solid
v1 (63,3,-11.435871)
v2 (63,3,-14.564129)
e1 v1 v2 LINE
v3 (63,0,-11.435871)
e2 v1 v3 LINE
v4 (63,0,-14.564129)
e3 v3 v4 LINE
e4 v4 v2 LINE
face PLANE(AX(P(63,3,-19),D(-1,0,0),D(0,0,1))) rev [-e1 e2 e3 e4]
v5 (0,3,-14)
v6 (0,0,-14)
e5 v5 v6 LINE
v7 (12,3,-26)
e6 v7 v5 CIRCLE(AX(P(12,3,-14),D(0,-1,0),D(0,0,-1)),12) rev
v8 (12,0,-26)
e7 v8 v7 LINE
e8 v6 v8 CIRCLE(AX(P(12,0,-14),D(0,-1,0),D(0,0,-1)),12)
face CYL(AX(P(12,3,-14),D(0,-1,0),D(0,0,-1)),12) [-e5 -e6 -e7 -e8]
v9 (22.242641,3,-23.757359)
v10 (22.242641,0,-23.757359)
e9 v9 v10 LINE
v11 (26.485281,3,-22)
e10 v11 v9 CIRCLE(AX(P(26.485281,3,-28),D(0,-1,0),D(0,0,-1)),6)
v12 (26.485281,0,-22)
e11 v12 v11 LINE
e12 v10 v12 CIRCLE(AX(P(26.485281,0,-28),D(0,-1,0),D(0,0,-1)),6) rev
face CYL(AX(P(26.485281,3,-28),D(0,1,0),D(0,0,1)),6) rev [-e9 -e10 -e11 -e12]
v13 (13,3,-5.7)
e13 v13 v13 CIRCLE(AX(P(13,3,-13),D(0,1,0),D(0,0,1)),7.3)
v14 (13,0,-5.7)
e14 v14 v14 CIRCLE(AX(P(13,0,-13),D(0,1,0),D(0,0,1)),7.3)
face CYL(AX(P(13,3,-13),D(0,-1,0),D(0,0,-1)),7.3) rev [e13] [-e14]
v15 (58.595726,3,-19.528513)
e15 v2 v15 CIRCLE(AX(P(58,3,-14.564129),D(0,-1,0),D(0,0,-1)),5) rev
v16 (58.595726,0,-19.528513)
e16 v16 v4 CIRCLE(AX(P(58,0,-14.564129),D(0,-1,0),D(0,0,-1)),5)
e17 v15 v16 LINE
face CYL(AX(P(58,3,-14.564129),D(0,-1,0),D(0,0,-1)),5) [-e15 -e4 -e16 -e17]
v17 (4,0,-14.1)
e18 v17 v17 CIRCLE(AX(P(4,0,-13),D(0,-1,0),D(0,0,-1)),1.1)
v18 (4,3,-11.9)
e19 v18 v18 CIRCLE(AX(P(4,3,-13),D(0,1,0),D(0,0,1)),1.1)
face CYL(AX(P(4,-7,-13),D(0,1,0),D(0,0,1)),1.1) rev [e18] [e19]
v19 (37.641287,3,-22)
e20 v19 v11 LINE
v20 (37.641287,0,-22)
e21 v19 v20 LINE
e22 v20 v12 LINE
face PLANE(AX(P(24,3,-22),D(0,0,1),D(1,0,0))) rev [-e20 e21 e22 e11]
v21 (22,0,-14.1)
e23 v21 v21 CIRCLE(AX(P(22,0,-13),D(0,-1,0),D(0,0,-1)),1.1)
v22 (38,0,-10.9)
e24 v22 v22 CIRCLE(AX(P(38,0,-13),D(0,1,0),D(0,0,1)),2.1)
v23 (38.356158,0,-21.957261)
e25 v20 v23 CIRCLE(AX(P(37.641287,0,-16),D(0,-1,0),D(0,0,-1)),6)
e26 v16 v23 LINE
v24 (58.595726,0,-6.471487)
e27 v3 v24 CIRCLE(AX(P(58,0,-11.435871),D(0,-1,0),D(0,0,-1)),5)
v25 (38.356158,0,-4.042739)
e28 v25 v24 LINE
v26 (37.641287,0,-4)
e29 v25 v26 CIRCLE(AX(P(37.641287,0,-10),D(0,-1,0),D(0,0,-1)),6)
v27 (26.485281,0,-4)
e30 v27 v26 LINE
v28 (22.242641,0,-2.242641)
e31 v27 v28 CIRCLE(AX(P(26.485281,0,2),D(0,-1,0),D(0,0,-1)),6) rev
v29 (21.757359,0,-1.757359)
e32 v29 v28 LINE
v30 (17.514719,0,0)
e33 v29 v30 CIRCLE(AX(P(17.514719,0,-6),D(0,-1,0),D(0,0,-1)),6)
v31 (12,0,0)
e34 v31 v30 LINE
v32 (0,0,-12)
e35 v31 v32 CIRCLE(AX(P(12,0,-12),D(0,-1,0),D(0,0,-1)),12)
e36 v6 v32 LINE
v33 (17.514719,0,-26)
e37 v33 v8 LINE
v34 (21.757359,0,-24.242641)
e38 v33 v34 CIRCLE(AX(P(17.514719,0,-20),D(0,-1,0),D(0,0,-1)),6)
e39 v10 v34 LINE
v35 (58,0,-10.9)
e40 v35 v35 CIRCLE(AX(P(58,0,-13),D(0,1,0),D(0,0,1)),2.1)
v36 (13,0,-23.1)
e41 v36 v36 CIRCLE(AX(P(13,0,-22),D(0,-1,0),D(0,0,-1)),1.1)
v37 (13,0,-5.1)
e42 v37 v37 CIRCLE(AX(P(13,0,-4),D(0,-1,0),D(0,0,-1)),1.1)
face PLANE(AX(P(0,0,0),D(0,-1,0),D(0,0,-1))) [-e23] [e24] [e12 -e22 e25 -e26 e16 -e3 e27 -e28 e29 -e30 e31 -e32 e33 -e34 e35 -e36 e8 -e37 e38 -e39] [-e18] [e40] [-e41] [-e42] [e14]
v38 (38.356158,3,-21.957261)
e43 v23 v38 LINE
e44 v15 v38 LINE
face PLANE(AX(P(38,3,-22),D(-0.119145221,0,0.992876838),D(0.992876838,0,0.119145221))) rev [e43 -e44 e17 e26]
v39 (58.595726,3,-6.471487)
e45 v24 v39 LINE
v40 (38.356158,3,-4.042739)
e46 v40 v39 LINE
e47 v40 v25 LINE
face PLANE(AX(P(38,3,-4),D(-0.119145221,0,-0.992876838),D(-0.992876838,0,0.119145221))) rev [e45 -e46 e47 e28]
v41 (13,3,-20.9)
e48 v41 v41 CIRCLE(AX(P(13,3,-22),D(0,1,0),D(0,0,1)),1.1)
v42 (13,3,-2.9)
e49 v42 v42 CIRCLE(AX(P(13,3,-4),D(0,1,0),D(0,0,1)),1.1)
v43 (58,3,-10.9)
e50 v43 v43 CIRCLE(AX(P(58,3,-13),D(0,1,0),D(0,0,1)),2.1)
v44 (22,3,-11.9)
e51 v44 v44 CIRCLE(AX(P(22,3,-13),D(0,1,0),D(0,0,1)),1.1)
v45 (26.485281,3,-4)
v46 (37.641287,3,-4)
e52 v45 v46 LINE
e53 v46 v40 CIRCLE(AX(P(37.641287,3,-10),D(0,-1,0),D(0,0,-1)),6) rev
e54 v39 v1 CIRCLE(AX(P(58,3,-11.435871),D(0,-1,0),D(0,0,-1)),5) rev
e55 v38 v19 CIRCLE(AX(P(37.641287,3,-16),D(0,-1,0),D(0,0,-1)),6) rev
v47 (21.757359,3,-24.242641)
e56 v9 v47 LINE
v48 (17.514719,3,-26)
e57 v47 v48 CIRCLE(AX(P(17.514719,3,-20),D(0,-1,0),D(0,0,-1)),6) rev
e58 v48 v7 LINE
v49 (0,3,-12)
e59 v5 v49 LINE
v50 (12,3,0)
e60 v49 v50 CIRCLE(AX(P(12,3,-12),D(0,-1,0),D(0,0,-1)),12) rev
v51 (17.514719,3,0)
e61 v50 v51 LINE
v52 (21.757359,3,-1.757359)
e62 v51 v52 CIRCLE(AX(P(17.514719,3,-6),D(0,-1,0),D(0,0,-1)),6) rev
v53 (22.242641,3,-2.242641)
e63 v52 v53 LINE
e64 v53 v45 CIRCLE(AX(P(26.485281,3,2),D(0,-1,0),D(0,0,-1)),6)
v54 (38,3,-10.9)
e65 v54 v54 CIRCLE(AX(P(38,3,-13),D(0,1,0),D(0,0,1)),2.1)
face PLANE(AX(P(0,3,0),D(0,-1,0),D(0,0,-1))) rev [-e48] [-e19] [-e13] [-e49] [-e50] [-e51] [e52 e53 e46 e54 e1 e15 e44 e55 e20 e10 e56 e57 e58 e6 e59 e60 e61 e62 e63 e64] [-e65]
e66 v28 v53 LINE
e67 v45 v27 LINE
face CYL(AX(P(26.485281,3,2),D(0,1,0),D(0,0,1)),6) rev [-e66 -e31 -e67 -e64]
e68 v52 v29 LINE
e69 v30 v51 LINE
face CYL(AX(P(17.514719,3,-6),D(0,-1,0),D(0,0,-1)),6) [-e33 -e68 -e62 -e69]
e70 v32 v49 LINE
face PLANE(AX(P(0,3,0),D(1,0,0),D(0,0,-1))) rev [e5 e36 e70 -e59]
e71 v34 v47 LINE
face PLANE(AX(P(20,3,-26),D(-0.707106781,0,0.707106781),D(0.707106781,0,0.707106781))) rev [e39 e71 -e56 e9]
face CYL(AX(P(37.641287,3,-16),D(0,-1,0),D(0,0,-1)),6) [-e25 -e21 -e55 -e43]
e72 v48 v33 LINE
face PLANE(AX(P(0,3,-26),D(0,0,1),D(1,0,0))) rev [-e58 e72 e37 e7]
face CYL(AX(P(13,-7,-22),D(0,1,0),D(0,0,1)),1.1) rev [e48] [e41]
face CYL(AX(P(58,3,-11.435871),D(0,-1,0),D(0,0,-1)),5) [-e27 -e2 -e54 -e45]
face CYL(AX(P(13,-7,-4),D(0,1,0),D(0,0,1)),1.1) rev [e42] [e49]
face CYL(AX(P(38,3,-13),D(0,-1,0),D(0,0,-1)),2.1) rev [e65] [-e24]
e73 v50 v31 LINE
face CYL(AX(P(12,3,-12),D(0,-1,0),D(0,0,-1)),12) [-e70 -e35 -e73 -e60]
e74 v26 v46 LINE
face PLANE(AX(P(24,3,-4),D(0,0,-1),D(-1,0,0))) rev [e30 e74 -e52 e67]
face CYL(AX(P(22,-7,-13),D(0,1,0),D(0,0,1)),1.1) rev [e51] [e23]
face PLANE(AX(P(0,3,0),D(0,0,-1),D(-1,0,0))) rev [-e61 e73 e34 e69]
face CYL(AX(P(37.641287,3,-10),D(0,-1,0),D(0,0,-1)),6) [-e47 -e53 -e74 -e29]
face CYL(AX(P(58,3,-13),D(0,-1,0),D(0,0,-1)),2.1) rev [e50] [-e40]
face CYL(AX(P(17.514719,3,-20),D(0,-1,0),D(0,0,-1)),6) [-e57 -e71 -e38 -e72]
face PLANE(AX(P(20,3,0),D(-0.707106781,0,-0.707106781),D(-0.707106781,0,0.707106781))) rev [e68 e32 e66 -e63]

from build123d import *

# Parameters (mm, degrees)
SKETCH1_R           = 7.3
SKETCH1_R_2         = 2.1
BOSS_EXTRUDE1_DEPTH = 3
FILLET1_R           = 12
FILLET4_R           = 6
FILLET5_R           = 5
SKETCH2_R           = 1.1
CUT_EXTRUDE1_DEPTH  = 10


with BuildPart() as part:
    # Sketch1 → Boss-Extrude1 (new body)
    with BuildSketch(Plane(origin=(0, 0, 0), x_dir=(1, 0, 0), z_dir=(0, 1, 0))):
        Polygon((20, 26), (24, 22), (38, 22), (63, 19), (63, 7), (38, 4), (24, 4), (20, 0), (0, 0), (0, 26), align=None)
        with Locations((13, 13)):
            Circle(SKETCH1_R, mode=Mode.SUBTRACT)
        with Locations((38, 13)):
            Circle(SKETCH1_R_2, mode=Mode.SUBTRACT)
        with Locations((58, 13)):
            Circle(SKETCH1_R_2, mode=Mode.SUBTRACT)
    extrude(amount=BOSS_EXTRUDE1_DEPTH)

    # Fillet1
    fillet1_edges = [part.edges().sort_by_distance(p)[0] for p in [
        (0, 1.5, 0),
        (0, 1.5, -26),
    ]]
    fillet(fillet1_edges, radius=FILLET1_R)

    # Fillet4
    fillet4_edges = [part.edges().sort_by_distance(p)[0] for p in [
        (20, 1.5, -26),
        (24, 1.5, -22),
        (38, 1.5, -22),
        (38, 1.5, -4),
        (24, 1.5, -4),
        (20, 1.5, 0),
    ]]
    fillet(fillet4_edges, radius=FILLET4_R)

    # Fillet5
    fillet5_edges = [part.edges().sort_by_distance(p)[0] for p in [
        (63, 1.5, -19),
        (63, 1.5, -7),
    ]]
    fillet(fillet5_edges, radius=FILLET5_R)

    # Sketch2 → Cut-Extrude1 (cut)
    with BuildSketch(Plane(origin=(0, 3, 0), x_dir=(1, 0, 0), z_dir=(0, 1, 0))):
        with Locations((22, 13)):
            Circle(SKETCH2_R)
        with Locations((13, 4)):
            Circle(SKETCH2_R)
        with Locations((4, 13)):
            Circle(SKETCH2_R)
        with Locations((13, 22)):
            Circle(SKETCH2_R)
    extrude(amount=-CUT_EXTRUDE1_DEPTH, mode=Mode.SUBTRACT)


solid = part.part
